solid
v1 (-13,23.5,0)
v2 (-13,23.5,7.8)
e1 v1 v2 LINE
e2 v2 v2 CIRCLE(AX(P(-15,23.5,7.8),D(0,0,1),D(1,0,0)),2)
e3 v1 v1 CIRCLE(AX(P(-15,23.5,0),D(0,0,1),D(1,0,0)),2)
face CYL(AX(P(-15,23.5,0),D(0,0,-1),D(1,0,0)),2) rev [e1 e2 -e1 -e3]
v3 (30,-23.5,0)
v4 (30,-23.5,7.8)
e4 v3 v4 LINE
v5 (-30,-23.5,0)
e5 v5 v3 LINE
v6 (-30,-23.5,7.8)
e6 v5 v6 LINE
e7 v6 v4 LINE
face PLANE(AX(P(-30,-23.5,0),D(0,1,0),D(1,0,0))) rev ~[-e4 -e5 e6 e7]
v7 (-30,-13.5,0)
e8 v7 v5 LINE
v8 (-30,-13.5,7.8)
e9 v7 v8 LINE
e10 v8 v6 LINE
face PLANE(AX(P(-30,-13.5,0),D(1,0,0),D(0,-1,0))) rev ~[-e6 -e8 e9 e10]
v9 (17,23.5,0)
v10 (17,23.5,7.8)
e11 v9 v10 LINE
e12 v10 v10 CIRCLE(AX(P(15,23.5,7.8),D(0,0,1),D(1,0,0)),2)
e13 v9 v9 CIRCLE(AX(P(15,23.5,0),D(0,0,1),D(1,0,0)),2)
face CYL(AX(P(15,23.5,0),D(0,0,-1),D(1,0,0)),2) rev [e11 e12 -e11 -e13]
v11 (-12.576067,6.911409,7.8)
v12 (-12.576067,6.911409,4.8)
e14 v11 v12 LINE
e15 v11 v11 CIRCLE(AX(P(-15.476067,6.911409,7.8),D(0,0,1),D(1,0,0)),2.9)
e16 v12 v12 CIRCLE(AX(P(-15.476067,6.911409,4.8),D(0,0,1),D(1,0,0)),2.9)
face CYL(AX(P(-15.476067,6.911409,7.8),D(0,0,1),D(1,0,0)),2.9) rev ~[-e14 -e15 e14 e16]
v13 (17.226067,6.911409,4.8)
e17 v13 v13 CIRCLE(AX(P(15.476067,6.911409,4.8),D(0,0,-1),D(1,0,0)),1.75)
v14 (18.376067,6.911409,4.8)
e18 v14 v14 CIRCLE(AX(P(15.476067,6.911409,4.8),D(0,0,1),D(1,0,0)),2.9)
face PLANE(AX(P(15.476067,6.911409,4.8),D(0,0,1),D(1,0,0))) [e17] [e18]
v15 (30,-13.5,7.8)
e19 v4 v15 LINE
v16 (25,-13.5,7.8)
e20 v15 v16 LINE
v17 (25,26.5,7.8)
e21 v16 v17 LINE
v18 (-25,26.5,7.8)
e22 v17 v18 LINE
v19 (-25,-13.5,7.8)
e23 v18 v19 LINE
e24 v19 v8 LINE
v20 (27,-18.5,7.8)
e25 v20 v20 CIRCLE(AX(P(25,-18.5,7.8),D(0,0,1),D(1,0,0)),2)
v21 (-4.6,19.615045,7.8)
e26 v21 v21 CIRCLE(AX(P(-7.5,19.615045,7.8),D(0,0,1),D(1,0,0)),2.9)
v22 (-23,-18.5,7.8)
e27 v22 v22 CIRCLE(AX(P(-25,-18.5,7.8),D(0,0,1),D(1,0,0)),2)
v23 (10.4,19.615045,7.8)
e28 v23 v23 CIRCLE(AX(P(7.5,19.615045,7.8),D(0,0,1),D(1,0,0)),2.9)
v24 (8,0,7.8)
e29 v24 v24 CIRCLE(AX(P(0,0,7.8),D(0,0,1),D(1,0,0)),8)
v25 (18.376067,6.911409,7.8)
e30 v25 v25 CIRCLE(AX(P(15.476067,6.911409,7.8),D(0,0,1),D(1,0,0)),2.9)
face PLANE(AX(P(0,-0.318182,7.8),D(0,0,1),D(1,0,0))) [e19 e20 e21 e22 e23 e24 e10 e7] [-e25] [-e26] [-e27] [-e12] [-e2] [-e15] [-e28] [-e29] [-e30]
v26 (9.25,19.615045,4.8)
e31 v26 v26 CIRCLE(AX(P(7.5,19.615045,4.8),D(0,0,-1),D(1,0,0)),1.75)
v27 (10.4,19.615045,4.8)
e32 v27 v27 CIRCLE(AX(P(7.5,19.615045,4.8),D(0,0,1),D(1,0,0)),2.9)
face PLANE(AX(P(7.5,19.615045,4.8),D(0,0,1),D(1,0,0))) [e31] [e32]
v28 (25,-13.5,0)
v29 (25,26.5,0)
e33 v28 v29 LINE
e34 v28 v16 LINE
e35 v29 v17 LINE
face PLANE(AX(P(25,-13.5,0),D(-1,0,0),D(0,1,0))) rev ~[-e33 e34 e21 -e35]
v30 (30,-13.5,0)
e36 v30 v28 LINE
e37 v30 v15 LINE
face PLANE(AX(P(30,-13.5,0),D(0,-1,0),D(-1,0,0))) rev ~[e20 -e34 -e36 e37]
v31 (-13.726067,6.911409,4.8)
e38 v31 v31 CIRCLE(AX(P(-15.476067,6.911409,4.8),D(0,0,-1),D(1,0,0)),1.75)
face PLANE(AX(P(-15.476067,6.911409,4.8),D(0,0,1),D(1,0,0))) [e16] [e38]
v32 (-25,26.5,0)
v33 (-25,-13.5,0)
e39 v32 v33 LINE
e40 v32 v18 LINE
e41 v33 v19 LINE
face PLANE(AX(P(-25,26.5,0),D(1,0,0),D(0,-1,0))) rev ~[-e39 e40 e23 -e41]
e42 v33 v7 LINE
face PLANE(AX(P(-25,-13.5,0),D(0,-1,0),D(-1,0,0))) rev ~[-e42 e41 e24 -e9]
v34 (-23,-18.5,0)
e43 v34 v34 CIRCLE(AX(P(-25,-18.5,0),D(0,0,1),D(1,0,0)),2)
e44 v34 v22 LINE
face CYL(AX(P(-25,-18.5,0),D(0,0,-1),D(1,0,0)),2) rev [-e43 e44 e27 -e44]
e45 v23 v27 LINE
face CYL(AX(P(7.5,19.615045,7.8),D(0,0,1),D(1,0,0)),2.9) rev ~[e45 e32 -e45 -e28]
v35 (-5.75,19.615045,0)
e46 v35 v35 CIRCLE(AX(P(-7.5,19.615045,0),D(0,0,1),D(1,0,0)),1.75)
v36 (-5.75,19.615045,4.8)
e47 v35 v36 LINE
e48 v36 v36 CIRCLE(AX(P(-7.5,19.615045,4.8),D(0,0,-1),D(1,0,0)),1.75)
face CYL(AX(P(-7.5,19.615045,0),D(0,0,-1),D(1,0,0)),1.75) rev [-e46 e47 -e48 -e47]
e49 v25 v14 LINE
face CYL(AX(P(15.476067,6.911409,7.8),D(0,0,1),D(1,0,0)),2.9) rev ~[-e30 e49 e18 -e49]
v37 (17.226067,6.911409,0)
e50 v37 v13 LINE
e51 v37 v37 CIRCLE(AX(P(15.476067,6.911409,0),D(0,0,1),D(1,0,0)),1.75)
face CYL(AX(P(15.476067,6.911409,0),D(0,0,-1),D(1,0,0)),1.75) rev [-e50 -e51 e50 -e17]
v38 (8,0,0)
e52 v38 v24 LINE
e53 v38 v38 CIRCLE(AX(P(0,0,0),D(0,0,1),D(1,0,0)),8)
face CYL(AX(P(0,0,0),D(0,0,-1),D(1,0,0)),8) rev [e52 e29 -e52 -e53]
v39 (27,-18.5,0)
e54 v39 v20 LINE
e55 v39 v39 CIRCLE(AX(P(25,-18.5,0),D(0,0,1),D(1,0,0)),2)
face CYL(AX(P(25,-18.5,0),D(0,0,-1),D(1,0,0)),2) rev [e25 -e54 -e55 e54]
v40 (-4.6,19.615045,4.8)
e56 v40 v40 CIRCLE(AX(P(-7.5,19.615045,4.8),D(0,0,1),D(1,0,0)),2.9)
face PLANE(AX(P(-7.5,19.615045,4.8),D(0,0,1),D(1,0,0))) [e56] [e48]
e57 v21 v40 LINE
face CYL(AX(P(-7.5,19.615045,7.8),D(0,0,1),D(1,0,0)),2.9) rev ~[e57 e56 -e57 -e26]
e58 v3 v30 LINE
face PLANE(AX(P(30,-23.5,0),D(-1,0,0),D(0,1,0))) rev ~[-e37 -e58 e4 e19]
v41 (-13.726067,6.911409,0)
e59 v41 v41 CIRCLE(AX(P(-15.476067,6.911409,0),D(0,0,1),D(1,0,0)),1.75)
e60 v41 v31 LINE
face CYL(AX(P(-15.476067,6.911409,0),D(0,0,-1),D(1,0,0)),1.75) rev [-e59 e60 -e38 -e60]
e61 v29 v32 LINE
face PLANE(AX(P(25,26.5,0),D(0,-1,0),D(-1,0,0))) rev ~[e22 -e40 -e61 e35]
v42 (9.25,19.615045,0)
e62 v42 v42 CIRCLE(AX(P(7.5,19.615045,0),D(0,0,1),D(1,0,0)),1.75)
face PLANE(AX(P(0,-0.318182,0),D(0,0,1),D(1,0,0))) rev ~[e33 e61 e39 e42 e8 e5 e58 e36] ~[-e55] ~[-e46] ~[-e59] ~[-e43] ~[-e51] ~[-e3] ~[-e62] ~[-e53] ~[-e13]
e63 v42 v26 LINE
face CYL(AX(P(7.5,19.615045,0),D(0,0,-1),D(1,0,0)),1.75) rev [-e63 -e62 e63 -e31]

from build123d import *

# Parameters (mm, degrees)
F0_R     = 2
F0_R_2   = 8
F0_R_3   = 1.75
F1_DEPTH = 7.8
F2_R     = 2.9
F3_DEPTH = 3


with BuildPart() as f1:
    # F0 (on Top) → F1 (new body)
    with BuildSketch(Plane.XY):
        Polygon((-25, -23.5), (25, -23.5), (30, -23.5), (30, -13.5), (25, -13.5), (25, 26.5), (-25, 26.5), (-25, -13.5), (-30, -13.5), (-30, -23.5), align=None)
        with Locations((-25, -18.5)):
            Circle(F0_R, mode=Mode.SUBTRACT)
        with Locations((25, -18.5)):
            Circle(F0_R, mode=Mode.SUBTRACT)
        Circle(F0_R_2, mode=Mode.SUBTRACT)
        with Locations((-15.476067, 6.911409)):
            Circle(F0_R_3, mode=Mode.SUBTRACT)
        with Locations((-7.5, 19.615045)):
            Circle(F0_R_3, mode=Mode.SUBTRACT)
        with Locations((-15, 23.5)):
            Circle(F0_R, mode=Mode.SUBTRACT)
        with Locations((15.476067, 6.911409)):
            Circle(F0_R_3, mode=Mode.SUBTRACT)
        with Locations((7.5, 19.615045)):
            Circle(F0_R_3, mode=Mode.SUBTRACT)
        with Locations((15, 23.5)):
            Circle(F0_R, mode=Mode.SUBTRACT)
    extrude(amount=F1_DEPTH)

    # F2 (on face) → F3 (cut)
    with BuildSketch(Plane.XY.offset(7.8)):
        with Locations((-7.5, 19.615045)):
            Circle(F2_R)
        with Locations((7.5, 19.615045)):
            Circle(F2_R)
        with Locations((15.476067, 6.911409)):
            Circle(F2_R)
        with Locations((-15.476067, 6.911409)):
            Circle(F2_R)
    extrude(amount=-F3_DEPTH, mode=Mode.SUBTRACT)


solid = f1.part
